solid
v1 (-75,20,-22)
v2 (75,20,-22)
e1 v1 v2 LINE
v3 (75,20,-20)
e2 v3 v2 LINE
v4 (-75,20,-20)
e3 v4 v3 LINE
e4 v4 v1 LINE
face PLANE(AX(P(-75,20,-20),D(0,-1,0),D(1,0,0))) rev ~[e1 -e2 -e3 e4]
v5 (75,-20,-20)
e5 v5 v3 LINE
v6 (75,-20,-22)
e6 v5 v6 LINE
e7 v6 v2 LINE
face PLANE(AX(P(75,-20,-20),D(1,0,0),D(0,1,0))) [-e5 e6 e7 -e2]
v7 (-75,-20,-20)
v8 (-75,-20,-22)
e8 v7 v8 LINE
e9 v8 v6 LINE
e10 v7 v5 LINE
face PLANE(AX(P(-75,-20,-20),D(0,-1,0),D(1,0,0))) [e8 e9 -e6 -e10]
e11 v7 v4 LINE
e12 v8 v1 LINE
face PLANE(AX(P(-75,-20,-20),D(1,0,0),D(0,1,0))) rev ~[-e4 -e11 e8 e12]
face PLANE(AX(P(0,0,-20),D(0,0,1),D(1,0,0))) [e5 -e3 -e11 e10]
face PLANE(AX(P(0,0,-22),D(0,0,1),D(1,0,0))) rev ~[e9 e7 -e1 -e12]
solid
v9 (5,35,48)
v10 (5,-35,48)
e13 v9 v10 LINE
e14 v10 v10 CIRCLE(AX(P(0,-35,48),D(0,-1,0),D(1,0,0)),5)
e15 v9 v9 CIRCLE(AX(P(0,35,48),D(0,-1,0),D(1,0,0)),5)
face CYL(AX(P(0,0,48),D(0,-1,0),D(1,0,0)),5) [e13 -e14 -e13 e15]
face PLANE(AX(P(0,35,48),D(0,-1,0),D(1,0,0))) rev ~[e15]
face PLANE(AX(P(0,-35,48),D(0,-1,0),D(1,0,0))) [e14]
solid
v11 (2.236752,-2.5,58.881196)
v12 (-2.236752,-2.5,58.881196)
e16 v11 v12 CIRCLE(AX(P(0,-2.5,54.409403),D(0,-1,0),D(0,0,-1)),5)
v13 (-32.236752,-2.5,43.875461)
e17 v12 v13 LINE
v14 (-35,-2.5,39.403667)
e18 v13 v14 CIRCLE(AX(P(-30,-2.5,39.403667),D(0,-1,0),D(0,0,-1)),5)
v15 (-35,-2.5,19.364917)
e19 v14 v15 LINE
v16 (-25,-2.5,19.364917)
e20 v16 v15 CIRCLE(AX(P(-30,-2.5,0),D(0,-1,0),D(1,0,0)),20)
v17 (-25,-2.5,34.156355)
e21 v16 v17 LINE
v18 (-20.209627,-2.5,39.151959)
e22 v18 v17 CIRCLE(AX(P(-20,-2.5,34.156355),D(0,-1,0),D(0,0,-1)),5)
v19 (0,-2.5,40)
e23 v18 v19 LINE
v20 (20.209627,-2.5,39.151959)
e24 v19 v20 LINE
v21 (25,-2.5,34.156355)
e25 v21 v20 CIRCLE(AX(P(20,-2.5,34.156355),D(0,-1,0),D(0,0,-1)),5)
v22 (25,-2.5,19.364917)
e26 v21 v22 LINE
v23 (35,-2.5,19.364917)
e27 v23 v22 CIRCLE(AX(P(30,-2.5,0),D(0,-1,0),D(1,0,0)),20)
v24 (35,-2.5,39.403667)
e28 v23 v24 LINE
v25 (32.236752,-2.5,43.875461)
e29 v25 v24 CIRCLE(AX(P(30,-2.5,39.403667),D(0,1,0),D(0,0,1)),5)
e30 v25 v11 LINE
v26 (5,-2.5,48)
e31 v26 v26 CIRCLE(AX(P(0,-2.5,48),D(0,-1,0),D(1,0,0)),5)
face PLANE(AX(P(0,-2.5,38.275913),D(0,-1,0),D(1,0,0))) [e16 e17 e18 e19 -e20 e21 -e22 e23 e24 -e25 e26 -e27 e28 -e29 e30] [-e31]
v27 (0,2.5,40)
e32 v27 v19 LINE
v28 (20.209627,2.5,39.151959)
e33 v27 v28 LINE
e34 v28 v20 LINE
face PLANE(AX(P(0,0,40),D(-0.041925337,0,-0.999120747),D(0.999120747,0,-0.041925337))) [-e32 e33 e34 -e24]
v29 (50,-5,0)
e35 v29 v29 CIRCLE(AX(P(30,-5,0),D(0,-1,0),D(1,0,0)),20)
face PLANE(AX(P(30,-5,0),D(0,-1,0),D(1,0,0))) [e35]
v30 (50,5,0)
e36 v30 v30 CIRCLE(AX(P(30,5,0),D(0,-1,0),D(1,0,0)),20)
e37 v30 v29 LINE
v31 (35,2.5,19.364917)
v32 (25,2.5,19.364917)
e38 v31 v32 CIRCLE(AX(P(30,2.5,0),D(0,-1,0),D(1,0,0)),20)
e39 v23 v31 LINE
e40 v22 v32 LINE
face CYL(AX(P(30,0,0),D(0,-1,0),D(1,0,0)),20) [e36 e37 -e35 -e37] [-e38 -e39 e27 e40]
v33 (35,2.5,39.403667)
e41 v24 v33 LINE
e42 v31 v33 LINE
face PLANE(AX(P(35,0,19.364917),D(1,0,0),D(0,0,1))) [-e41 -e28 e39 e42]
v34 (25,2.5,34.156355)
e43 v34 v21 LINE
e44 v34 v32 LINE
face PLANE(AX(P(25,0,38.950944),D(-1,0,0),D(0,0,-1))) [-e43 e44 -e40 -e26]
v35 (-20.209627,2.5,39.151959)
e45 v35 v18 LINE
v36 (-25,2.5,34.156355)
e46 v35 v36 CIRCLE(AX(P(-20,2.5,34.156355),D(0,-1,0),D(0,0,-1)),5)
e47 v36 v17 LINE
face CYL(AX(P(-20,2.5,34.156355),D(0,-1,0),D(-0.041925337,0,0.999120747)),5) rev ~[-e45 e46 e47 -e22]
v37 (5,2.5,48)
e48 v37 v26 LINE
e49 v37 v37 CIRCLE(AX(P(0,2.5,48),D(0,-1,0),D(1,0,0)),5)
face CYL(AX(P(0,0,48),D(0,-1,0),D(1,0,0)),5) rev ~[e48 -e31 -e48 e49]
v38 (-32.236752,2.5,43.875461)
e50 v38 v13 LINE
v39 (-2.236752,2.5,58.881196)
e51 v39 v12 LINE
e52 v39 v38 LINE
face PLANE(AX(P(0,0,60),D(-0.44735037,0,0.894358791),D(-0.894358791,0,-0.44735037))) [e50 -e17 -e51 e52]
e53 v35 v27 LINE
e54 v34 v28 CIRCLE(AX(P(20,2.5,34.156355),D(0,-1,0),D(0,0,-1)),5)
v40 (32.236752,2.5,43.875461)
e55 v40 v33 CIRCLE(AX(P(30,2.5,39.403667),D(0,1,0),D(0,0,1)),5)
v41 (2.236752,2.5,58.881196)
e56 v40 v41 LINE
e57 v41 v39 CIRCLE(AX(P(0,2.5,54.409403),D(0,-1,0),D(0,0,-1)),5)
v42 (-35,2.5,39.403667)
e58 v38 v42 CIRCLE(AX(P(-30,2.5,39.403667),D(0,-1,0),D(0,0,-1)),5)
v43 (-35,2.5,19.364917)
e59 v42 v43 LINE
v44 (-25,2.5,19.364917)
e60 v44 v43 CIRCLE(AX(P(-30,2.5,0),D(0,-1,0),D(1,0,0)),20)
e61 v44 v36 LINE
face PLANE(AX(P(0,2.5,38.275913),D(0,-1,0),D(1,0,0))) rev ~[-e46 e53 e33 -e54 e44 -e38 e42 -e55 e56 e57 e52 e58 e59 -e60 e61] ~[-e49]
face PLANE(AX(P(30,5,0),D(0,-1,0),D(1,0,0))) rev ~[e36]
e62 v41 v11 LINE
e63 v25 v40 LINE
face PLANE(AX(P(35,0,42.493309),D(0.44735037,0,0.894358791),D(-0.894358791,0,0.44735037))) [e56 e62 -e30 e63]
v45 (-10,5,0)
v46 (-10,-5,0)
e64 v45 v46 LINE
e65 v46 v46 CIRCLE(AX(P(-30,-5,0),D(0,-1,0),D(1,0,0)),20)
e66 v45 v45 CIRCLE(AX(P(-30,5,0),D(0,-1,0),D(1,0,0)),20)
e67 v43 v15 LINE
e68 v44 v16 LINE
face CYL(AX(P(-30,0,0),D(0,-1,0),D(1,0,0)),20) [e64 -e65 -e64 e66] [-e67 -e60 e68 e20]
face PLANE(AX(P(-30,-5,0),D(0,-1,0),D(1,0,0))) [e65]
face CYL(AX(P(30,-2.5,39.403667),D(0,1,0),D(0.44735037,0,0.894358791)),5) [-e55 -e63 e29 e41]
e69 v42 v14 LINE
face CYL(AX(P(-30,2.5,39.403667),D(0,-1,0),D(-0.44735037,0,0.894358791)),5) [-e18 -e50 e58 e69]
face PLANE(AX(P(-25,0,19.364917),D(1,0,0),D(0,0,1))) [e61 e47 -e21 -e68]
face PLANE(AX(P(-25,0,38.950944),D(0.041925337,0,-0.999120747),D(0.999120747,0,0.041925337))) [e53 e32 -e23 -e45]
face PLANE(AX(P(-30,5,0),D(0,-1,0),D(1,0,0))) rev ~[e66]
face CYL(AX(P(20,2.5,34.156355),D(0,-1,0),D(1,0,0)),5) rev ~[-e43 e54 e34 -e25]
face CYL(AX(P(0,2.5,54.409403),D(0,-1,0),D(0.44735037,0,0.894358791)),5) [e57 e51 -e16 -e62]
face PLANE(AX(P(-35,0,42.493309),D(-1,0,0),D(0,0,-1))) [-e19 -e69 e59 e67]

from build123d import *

# Parameters (mm, degrees)
F0_R      = 20
F1_DEPTH  = 5
F3_DEPTH  = 2.5
F4_R      = 5
F6_W      = 150
F6_H      = 40
F7_DEPTH  = 2
F8_R      = 5
F9_DEPTH  = 2.5
F10_DEPTH = 35


with BuildPart() as f1:
    # F0 (on Front) → F1 (new body, symmetric)
    with BuildSketch(Plane.XZ):
        with Locations((-30, 0)):
            Circle(F0_R)
    extrude(amount=F1_DEPTH, both=True)



with BuildPart() as f1b:
    # F0 (on Front) → F1, piece 2 (new body, symmetric)
    with BuildSketch(Plane.XZ):
        with Locations((30, 0)):
            Circle(F0_R)
    extrude(amount=F1_DEPTH, both=True)


with BuildPart() as f1_1:
    add(f1.part)

    add(f1b.part)  # F3 merges F1b
    # F2 (on Front) → F3 (join, symmetric)
    with BuildSketch(Plane.XZ):
        Polygon((35, 42.493309043), (0, 60), (-35, 42.493309043), (-35, 19.364916731), (-25, 19.364916731), (-25, 38.9509441833), (0, 40), (25, 38.9509441833), (25, 19.364916731), (35, 19.364916731), align=None)
    extrude(amount=F3_DEPTH, both=True)

    # F4
    f4_edges = [f1_1.edges().sort_by_distance(p)[0] for p in [
        (0, 0, 60),
        (-35, 0, 42.493309),
        (35, 0, 42.493309),
        (-25, 0, 38.950944),
        (25, 0, 38.950944),
    ]]
    fillet(f4_edges, radius=F4_R)

    # F8 (on Front) → F9 (cut, symmetric)
    with BuildSketch(Plane.XZ):
        with Locations((0, 48)):
            Circle(F8_R)
    extrude(amount=F9_DEPTH, both=True, mode=Mode.SUBTRACT)


with BuildPart() as f7:
    # F6 (on offset) → F7 (new body)
    with BuildSketch(Plane.XY.offset(-20)):
        Rectangle(F6_W, F6_H)
    extrude(amount=-F7_DEPTH)


with BuildPart() as f10:
    # F8 (on Front) → F10 (new body, symmetric)
    with BuildSketch(Plane.XZ):
        with Locations((0, 48)):
            Circle(F8_R)
    extrude(amount=F10_DEPTH, both=True)


solid = Compound([f1_1.part, f7.part, f10.part])
